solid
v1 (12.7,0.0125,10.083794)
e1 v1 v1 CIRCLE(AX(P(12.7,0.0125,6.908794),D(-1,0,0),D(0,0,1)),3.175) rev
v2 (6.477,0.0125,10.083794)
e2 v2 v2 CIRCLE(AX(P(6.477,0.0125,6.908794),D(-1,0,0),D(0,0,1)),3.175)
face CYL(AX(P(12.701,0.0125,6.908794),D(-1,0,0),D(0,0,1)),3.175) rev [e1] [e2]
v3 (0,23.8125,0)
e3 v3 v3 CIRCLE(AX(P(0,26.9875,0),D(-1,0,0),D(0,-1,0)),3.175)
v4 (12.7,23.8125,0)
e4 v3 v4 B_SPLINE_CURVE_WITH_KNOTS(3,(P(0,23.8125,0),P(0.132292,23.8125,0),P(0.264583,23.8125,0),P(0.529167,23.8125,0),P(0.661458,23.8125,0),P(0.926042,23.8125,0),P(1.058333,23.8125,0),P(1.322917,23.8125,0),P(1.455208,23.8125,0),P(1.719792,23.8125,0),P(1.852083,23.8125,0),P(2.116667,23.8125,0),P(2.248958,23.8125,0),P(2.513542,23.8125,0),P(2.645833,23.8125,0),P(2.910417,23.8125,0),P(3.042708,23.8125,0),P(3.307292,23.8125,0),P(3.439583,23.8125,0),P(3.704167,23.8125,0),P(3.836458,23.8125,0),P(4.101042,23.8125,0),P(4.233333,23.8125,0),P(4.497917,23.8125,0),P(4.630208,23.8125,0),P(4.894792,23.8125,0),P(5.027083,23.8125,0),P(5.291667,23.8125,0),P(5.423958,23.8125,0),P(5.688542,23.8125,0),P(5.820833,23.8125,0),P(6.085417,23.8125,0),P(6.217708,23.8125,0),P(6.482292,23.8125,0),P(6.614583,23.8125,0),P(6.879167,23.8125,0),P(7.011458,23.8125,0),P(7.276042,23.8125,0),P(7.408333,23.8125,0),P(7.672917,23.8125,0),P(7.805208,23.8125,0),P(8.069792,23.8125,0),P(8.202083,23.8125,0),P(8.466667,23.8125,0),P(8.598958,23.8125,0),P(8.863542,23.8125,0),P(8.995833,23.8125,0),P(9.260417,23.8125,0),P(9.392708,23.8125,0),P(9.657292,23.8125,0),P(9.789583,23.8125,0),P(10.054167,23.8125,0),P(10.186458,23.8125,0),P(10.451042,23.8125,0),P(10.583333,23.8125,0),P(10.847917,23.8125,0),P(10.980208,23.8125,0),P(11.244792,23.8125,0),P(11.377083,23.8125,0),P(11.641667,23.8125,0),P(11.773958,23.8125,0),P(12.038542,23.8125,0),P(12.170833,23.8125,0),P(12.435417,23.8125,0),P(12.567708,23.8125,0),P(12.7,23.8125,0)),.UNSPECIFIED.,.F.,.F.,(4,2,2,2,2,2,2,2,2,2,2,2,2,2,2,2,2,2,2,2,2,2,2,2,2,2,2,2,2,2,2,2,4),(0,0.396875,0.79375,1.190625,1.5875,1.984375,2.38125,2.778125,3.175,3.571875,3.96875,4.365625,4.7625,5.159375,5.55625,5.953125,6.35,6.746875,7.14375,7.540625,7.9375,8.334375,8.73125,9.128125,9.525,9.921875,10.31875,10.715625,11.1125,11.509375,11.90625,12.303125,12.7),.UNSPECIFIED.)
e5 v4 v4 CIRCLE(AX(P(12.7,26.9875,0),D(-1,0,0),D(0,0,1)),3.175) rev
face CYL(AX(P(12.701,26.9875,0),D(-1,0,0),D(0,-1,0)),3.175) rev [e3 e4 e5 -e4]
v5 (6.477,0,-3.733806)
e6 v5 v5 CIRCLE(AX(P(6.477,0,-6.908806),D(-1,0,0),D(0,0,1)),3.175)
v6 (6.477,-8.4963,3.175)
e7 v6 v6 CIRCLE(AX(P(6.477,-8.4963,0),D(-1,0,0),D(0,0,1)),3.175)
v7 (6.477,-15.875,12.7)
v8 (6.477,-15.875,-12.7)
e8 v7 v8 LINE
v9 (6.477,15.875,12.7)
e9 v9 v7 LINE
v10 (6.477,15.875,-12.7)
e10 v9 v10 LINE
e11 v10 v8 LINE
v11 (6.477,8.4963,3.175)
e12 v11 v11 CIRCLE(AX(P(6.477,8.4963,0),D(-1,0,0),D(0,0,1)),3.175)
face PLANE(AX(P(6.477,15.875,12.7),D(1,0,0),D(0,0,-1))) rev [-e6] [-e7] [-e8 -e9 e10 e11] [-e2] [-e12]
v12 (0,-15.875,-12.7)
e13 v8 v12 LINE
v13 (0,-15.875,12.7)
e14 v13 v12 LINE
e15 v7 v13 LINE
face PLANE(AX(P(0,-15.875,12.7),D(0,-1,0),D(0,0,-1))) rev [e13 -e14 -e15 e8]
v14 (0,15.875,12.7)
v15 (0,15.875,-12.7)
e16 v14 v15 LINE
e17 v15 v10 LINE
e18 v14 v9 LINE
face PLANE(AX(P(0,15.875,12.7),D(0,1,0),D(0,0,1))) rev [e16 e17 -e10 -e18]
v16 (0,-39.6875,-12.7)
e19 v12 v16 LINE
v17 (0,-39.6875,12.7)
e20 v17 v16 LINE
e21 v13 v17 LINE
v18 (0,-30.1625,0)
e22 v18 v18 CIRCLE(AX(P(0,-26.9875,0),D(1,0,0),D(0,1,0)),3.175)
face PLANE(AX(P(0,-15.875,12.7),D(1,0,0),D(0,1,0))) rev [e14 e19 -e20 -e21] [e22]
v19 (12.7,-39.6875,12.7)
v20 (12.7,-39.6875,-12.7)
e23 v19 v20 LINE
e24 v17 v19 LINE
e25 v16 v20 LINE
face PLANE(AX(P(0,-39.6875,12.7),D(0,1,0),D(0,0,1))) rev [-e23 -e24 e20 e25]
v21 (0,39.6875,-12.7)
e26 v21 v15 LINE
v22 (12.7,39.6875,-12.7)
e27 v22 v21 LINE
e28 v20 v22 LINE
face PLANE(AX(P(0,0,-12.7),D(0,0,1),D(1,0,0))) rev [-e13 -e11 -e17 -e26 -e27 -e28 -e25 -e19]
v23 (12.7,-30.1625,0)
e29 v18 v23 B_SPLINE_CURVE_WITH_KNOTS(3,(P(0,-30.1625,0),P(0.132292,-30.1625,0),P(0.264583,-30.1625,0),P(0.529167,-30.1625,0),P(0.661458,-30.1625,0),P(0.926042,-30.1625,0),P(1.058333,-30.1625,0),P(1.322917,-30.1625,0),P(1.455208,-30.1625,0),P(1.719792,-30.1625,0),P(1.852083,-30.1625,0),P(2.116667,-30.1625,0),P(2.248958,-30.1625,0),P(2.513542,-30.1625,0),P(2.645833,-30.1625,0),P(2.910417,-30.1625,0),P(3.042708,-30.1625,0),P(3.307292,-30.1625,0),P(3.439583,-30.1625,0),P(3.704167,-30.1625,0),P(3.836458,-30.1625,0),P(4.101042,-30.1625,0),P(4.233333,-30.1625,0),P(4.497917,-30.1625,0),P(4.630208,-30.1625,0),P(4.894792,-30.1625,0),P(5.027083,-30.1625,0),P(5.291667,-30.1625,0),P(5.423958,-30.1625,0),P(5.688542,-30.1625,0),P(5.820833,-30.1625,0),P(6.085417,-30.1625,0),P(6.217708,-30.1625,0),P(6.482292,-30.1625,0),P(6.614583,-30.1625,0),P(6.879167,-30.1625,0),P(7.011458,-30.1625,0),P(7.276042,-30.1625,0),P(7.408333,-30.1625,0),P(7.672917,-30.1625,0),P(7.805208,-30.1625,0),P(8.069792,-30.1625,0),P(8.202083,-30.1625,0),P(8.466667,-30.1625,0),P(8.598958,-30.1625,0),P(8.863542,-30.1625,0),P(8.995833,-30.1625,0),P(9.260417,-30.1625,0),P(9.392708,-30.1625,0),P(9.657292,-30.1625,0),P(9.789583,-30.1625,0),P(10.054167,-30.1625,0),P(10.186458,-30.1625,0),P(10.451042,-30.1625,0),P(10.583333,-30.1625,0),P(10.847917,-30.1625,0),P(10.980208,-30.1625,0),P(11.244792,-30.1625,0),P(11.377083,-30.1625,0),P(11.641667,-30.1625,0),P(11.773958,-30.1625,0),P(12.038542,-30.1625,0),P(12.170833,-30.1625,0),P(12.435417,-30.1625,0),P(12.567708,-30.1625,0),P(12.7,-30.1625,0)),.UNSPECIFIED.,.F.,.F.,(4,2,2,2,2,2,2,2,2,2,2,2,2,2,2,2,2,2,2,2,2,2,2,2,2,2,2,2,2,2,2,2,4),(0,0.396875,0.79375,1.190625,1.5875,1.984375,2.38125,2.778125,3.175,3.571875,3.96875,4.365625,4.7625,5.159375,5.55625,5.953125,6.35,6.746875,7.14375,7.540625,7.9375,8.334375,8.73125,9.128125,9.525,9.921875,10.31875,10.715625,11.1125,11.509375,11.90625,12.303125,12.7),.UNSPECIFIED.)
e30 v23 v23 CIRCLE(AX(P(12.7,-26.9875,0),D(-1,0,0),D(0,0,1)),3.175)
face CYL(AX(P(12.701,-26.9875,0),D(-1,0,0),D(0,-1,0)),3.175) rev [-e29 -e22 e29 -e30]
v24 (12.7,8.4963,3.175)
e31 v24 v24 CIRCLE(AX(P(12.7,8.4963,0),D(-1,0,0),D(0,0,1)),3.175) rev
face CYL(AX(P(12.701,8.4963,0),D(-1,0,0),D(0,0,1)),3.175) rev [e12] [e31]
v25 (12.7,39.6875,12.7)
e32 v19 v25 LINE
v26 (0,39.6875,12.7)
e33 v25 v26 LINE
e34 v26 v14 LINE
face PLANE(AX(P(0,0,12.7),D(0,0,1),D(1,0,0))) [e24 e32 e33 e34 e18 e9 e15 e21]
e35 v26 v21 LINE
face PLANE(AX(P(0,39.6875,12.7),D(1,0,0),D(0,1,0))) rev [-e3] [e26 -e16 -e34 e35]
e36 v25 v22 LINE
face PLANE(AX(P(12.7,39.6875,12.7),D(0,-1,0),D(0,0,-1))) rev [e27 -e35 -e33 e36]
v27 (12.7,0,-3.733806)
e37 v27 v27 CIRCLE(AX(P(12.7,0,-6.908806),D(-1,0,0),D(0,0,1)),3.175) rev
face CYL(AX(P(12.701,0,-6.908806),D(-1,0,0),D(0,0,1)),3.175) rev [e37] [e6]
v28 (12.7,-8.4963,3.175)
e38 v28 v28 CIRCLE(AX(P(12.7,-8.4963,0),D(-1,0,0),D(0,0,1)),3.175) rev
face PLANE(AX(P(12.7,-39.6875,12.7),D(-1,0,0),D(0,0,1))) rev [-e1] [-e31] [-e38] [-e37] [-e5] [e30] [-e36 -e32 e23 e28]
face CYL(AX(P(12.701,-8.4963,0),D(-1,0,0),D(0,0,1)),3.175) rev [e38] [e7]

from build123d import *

# Parameters (mm, degrees)
BOSS_EXTRUDE1_DEPTH = 12.7
CUT_EXTRUDE1_REACH  = 45.562
SKETCH2_R           = 3.175
CUT_EXTRUDE2_REACH  = 44.17
SKETCH3_R           = 3.175


with BuildPart() as part:
    # Sketch1 → Boss-Extrude1 (new, symmetric)
    with BuildSketch(Plane.XY):
        Polygon((0, 39.6875), (0, 15.875), (6.477, 15.875), (6.477, -15.875), (0, -15.875), (0, -39.6875), (12.7, -39.6875), (12.7, 39.6875), align=None)
    extrude(amount=BOSS_EXTRUDE1_DEPTH, both=True)

    # Sketch2 → Cut-Extrude1 (cut, up to next)
    with BuildSketch(Plane.ZY, mode=Mode.PRIVATE) as cut_extrude1_sk1:
        with Locations(Location((0, 26.9875, 0), (0, 0, 270))):
            Circle(SKETCH2_R)
    cut_extrude1_tool1 = extrude(cut_extrude1_sk1.sketch, amount=-CUT_EXTRUDE1_REACH, mode=Mode.PRIVATE) & part.part
    cut_extrude1 = cut_extrude1_tool1.solids().sort_by_distance((0, 26.9875, 0))[0]
    add(cut_extrude1, mode=Mode.SUBTRACT)

    # Mirror1: Cut-Extrude1 across plane
    add(cut_extrude1.mirror(Plane.ZX), mode=Mode.SUBTRACT)

    # Sketch3 → Cut-Extrude2 (cut, up to next)
    with BuildSketch(Plane.ZY.offset(-6.477), mode=Mode.PRIVATE) as cut_extrude2_sk1:
        with Locations((0, 8.4963)):
            Circle(SKETCH3_R)
    cut_extrude2_tool1 = extrude(cut_extrude2_sk1.sketch, amount=-CUT_EXTRUDE2_REACH, mode=Mode.PRIVATE) & part.part
    # Sketch3 → Cut-Extrude2 (cut, up to next)
    with BuildSketch(Plane.ZY.offset(-6.477), mode=Mode.PRIVATE) as cut_extrude2_sk2:
        with Locations((0, -8.4963)):
            Circle(SKETCH3_R)
    cut_extrude2_tool2 = extrude(cut_extrude2_sk2.sketch, amount=-CUT_EXTRUDE2_REACH, mode=Mode.PRIVATE) & part.part
    # Sketch3 → Cut-Extrude2 (cut, up to next)
    with BuildSketch(Plane.ZY.offset(-6.477), mode=Mode.PRIVATE) as cut_extrude2_sk3:
        with Locations((6.908794346, 0.0125)):
            Circle(SKETCH3_R)
    cut_extrude2_tool3 = extrude(cut_extrude2_sk3.sketch, amount=-CUT_EXTRUDE2_REACH, mode=Mode.PRIVATE) & part.part
    # Sketch3 → Cut-Extrude2 (cut, up to next)
    with BuildSketch(Plane.ZY.offset(-6.477), mode=Mode.PRIVATE) as cut_extrude2_sk4:
        with Locations((-6.908805654, 0)):
            Circle(SKETCH3_R)
    cut_extrude2_tool4 = extrude(cut_extrude2_sk4.sketch, amount=-CUT_EXTRUDE2_REACH, mode=Mode.PRIVATE) & part.part
    add(cut_extrude2_tool1.solids().sort_by_distance((6.477, 8.4963, 0))[0], mode=Mode.SUBTRACT)
    add(cut_extrude2_tool2.solids().sort_by_distance((6.477, -8.4963, 0))[0], mode=Mode.SUBTRACT)
    add(cut_extrude2_tool3.solids().sort_by_distance((6.477, 0.0125, 6.908794))[0], mode=Mode.SUBTRACT)
    add(cut_extrude2_tool4.solids().sort_by_distance((6.477, 0, -6.908806))[0], mode=Mode.SUBTRACT)


solid = part.part
